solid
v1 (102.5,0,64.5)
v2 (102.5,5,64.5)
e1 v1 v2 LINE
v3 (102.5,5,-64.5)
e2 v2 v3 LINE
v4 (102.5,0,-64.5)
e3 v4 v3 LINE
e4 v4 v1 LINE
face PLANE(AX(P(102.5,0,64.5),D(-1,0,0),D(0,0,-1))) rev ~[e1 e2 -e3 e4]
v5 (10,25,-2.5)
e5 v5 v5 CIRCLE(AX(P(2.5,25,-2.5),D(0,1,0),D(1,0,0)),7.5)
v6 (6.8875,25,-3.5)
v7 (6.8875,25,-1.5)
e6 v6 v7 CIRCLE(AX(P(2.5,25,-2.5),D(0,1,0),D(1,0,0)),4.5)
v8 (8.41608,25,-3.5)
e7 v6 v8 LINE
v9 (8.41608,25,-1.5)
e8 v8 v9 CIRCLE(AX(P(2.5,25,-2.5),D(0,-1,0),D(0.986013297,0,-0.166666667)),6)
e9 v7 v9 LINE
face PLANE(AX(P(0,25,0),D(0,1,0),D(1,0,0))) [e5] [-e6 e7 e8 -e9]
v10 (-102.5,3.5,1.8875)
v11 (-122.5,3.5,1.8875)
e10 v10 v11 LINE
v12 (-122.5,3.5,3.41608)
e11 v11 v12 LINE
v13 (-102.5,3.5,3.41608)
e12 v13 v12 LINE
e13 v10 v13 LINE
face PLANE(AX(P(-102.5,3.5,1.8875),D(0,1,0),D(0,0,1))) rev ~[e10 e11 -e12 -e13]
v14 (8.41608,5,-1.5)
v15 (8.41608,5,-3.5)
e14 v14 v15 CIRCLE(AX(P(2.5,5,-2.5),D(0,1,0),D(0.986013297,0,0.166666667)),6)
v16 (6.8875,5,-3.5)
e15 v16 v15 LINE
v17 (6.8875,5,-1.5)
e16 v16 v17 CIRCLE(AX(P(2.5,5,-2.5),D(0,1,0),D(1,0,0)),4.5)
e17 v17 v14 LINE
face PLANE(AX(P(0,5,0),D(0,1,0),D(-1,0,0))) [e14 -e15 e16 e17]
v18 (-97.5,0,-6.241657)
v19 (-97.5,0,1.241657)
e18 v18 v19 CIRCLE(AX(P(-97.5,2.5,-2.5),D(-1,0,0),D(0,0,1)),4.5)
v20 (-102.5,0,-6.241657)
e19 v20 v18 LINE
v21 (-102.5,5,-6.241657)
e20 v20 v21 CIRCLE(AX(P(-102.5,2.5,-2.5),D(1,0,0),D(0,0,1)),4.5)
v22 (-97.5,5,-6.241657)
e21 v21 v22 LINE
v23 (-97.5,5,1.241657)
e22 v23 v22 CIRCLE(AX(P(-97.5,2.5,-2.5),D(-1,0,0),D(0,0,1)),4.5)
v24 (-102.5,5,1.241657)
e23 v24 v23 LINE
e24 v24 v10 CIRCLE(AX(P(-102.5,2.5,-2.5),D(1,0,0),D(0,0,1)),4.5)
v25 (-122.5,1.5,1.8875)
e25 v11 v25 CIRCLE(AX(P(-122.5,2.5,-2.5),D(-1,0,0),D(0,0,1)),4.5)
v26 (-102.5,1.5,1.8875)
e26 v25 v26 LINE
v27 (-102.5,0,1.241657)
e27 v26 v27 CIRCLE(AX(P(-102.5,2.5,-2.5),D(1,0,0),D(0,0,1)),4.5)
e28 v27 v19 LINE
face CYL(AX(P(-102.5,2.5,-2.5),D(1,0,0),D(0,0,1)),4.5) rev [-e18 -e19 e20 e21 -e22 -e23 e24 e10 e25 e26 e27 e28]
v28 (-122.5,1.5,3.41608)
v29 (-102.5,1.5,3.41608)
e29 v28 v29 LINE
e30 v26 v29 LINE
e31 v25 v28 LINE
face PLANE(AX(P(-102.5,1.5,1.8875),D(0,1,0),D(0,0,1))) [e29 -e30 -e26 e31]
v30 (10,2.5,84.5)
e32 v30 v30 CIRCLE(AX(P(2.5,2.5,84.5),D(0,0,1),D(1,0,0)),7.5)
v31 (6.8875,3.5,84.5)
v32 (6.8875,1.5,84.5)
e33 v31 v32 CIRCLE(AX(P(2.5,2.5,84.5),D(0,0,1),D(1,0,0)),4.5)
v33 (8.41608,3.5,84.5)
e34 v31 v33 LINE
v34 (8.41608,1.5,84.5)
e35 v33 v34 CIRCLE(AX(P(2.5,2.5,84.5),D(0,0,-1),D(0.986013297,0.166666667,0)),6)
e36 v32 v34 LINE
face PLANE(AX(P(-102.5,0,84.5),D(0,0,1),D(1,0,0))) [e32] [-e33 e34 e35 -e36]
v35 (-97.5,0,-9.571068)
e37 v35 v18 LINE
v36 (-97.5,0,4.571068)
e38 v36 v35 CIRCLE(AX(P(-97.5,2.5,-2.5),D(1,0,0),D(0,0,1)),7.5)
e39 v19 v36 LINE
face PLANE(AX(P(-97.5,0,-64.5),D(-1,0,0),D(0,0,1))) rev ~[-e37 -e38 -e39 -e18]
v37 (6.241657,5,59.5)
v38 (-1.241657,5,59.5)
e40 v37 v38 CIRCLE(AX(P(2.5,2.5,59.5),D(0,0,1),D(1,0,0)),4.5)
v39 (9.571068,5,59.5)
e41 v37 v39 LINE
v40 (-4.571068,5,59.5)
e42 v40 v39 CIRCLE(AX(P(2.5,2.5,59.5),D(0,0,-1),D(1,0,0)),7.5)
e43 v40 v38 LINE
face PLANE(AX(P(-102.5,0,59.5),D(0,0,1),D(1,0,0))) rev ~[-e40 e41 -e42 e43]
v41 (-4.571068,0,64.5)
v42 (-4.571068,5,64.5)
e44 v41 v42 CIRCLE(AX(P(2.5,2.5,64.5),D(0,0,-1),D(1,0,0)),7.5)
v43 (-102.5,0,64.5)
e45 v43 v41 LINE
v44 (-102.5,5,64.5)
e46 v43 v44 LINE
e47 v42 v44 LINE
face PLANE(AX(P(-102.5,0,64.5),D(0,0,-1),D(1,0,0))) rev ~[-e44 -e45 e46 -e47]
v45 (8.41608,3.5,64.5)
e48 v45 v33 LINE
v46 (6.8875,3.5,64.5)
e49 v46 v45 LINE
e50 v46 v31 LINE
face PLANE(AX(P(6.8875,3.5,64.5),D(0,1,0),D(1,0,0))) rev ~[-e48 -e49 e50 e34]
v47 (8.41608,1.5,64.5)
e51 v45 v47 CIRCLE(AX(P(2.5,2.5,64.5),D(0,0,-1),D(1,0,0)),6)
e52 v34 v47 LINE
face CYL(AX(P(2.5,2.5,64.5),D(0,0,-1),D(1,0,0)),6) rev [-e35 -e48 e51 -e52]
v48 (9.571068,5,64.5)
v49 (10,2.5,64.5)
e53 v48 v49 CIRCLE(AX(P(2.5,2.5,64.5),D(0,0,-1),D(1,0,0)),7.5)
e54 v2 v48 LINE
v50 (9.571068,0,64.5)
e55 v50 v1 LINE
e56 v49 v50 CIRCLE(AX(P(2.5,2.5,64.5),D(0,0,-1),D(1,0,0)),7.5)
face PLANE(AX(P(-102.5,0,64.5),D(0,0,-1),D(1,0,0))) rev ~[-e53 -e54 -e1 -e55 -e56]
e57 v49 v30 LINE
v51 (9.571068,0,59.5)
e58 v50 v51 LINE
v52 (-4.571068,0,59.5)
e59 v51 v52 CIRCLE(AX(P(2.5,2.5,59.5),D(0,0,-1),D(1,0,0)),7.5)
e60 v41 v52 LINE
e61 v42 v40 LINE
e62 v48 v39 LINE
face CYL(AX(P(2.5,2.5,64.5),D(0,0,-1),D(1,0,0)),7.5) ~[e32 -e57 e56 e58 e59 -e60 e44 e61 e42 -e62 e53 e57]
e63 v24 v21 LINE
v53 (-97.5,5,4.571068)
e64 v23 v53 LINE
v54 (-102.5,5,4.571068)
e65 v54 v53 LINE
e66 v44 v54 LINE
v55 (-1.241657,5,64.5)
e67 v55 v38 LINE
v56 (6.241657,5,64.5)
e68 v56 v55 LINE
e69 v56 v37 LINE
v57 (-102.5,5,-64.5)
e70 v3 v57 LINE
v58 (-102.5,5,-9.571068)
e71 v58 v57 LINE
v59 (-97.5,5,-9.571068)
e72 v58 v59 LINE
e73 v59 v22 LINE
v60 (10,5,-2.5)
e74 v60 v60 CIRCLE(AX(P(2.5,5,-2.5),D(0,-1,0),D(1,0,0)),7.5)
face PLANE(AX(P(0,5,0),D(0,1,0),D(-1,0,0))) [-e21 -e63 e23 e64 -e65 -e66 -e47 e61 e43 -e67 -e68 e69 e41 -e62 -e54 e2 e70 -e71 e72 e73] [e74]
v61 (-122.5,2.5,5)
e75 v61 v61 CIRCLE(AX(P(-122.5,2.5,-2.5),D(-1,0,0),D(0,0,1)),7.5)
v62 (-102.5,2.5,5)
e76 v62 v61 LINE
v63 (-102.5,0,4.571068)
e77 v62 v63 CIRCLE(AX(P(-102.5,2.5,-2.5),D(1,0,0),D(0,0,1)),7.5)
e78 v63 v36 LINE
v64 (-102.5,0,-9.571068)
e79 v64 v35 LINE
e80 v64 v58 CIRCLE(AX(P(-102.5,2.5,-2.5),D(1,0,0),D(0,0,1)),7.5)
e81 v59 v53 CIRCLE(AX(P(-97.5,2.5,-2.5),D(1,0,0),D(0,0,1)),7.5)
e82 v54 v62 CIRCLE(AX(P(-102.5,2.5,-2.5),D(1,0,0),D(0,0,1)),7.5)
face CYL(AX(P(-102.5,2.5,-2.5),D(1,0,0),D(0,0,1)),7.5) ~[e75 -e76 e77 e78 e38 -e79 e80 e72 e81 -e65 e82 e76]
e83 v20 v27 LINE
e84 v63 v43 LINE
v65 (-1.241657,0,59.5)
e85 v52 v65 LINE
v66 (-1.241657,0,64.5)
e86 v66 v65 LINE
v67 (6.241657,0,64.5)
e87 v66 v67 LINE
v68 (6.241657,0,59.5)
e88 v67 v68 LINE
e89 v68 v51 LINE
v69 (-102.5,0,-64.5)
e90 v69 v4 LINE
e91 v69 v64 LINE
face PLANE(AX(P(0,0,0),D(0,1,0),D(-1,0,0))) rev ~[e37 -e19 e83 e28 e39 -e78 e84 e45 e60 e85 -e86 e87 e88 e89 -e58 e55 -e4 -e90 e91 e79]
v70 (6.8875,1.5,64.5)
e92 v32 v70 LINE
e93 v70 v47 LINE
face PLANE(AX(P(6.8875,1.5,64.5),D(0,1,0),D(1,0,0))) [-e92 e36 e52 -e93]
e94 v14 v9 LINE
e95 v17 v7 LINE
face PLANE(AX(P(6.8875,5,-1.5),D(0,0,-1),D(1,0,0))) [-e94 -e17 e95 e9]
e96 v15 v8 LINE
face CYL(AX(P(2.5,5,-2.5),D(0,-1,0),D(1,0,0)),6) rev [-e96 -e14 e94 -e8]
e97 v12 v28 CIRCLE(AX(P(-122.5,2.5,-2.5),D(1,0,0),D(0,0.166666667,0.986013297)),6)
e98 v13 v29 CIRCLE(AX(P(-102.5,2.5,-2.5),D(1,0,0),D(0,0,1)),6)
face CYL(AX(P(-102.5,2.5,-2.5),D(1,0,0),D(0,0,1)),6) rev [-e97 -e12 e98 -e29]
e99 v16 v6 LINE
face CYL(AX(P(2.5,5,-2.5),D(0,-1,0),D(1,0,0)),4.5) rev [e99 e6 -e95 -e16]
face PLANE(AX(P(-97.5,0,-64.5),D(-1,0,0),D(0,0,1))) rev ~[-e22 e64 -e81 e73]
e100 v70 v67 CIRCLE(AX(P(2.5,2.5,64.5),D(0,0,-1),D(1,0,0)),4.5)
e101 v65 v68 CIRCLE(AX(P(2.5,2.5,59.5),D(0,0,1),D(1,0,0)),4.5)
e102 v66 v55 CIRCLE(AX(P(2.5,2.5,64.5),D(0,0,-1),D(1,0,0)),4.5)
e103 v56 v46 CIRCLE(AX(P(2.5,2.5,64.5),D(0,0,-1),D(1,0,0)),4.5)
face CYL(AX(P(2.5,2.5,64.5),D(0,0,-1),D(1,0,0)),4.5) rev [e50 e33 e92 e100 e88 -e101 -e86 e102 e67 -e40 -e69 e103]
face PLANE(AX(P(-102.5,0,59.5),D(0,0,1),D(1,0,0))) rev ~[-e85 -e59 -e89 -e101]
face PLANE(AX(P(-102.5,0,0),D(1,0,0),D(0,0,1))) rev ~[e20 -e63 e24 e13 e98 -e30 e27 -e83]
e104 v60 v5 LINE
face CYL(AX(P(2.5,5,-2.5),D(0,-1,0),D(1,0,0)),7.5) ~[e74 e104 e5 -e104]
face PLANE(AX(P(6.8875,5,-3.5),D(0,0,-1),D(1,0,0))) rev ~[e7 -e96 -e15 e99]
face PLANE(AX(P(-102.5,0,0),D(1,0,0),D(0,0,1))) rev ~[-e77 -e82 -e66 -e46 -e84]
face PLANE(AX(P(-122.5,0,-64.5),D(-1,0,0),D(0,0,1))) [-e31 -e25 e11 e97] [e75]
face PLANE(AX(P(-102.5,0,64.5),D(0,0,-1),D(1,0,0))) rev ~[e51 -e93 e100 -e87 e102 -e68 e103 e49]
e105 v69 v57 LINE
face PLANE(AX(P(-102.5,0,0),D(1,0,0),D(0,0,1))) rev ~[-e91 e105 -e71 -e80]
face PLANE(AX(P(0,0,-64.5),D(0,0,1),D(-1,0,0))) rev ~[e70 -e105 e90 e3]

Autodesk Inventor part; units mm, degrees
ref_plane "YZ Plane" through (0, 0, 0) normal (1, 0, 0) x (0, 1, 0)
ref_plane "XZ Plane" through (0, 0, 0) normal (0, 1, 0) x (-1, 0, 0)
ref_plane "XY Plane" through (0, 0, 0) normal (0, 0, 1) x (1, 0, 0)
sketch "Sketch1" plane through (0, 0, 0) normal (0, 1, 0) x (-1, 0, 0)
  line L0 (102.5, 64.5) -> (-102.5, 64.5)
  line L1 (-102.5, 64.5) -> (-102.5, -64.5)
  line L2 (-102.5, -64.5) -> (102.5, -64.5)
  line L3 (102.5, -64.5) -> (102.5, 64.5)
  line L4 (0, 64.5) -> (0, -64.5)
  line L5 (102.5, 0) -> (-102.5, 0)
  point P0 (0, 0)
  dimension "d0" = 129
  dimension "d1" = 205
  dimension "d2" = 0
  dimension "d3" = 0
extrude "Extrusion1" add sketch "Sketch1" along normal blind 5
sketch "Sketch2" plane through (0, 5, 0) normal (0, 1, 0) x (1, 0, 0)
  circle A0 centre (2.5, 2.5) radius 4.5
  circle A1 centre (2.5, 2.5) radius 6
  circle A2 centre (2.5, 2.5) radius 7.5
  circle A3 centre (2.5, 2.5) radius 2.35
  line L0 (6.8875, 3.5) -> (9.933, 3.5)
  line L1 (6.8875, 1.5) -> (9.933, 1.5)
  line L2 (-102.5, 64.5) -> (-102.5, -64.5) projected
  line L3 (102.5, -64.5) -> (102.5, 64.5) projected
  line L4 (-102.5, -64.5) -> (102.5, -64.5)
  line L5 (102.5, -64.5) -> (102.5, 64.5)
  line L6 (102.5, 64.5) -> (-102.5, 64.5)
  line L7 (-102.5, 64.5) -> (-102.5, -64.5)
  line L8 (-102.5, -64.5) -> (102.5, -64.5) projected
  point P0 (0, -64.5)
  point P1 (8.4161, 3.5)
  point P2 (8.4161, 1.5)
  point P3 (-102.5, 0)
  dimension "d18" = 9
  dimension "d19" = 12
  dimension "d20" = 15
  dimension "d21" = 4.7
  dimension "d22" = 1
  dimension "d23" = 1
  dimension "d26" = 0
  dimension "d40" = 67
  dimension "d41" = 105
extrude "Extrusion2" add sketch "Sketch2" along normal blind 20 contours A0 L1 A1 L0 | L0 A2 L1 A1 | A1 L1 A2 L0 picked at (-2.8948, 1.6483)
sketch "Sketch3" plane through (-102.5, 0, 64.5) normal (0, 0, 1) x (1, 0, 0)
  circle A0 centre (105, 2.5) radius 4.5
  circle A1 centre (105, 2.5) radius 6
  circle A2 centre (105, 2.5) radius 7.5
  circle A3 centre (105, 2.5) radius 2.35
  line L0 (109.3875, 3.5) -> (112.433, 3.5)
  line L1 (109.3875, 1.5) -> (112.433, 1.5)
  line L2 (0, 0) -> (0, 5) projected
  point P0 (102.5, 0)
  point P1 (0, 2.5)
  point P2 (110.9161, 3.5)
  point P3 (110.9161, 1.5)
  dimension "d30" = 9
  dimension "d31" = 12
  dimension "d32" = 15
  dimension "d33" = 4.7
  dimension "d34" = 1
  dimension "d35" = 1
  dimension "d36" = 0
  dimension "d37" = 105
  dimension "d38" = 0
extrude "Extrusion3" add sketch "Sketch3" along normal blind 20 and the other way blind 5 contours A0 L1 A1 L0 | L0 A2 L1 A1 | A1 L1 A2 L0 picked at (99.6052, 1.6483)
sketch "Sketch4" plane through (-102.5, 0, -64.5) normal (-1, 0, 0) x (0, 0, 1)
  circle A0 centre (62, 2.5) radius 4.5
  circle A1 centre (62, 2.5) radius 6
  circle A2 centre (62, 2.5) radius 7.5
  circle A3 centre (62, 2.5) radius 2.35
  line L0 (66.3875, 3.5) -> (69.433, 3.5)
  line L1 (66.3875, 1.5) -> (69.433, 1.5)
  line L2 (129, 0) -> (129, 5) projected
  point P0 (64.5, 0)
  point P1 (129, 2.5)
  point P2 (67.9161, 3.5)
  point P3 (67.9161, 1.5)
  dimension "d46" = 9
  dimension "d47" = 12
  dimension "d48" = 15
  dimension "d49" = 4.7
  dimension "d50" = 1
  dimension "d51" = 1
  dimension "d52" = 0
  dimension "d53" = 0
  dimension "d54" = 67
extrude "Extrusion4" add sketch "Sketch4" along normal blind 20 and the other way blind 5 contours A0 L1 A1 L0 | L0 A2 L1 A1 | A1 L1 A2 L0 picked at (56.6052, 1.6483)
properties part number "GroundCorrected"
